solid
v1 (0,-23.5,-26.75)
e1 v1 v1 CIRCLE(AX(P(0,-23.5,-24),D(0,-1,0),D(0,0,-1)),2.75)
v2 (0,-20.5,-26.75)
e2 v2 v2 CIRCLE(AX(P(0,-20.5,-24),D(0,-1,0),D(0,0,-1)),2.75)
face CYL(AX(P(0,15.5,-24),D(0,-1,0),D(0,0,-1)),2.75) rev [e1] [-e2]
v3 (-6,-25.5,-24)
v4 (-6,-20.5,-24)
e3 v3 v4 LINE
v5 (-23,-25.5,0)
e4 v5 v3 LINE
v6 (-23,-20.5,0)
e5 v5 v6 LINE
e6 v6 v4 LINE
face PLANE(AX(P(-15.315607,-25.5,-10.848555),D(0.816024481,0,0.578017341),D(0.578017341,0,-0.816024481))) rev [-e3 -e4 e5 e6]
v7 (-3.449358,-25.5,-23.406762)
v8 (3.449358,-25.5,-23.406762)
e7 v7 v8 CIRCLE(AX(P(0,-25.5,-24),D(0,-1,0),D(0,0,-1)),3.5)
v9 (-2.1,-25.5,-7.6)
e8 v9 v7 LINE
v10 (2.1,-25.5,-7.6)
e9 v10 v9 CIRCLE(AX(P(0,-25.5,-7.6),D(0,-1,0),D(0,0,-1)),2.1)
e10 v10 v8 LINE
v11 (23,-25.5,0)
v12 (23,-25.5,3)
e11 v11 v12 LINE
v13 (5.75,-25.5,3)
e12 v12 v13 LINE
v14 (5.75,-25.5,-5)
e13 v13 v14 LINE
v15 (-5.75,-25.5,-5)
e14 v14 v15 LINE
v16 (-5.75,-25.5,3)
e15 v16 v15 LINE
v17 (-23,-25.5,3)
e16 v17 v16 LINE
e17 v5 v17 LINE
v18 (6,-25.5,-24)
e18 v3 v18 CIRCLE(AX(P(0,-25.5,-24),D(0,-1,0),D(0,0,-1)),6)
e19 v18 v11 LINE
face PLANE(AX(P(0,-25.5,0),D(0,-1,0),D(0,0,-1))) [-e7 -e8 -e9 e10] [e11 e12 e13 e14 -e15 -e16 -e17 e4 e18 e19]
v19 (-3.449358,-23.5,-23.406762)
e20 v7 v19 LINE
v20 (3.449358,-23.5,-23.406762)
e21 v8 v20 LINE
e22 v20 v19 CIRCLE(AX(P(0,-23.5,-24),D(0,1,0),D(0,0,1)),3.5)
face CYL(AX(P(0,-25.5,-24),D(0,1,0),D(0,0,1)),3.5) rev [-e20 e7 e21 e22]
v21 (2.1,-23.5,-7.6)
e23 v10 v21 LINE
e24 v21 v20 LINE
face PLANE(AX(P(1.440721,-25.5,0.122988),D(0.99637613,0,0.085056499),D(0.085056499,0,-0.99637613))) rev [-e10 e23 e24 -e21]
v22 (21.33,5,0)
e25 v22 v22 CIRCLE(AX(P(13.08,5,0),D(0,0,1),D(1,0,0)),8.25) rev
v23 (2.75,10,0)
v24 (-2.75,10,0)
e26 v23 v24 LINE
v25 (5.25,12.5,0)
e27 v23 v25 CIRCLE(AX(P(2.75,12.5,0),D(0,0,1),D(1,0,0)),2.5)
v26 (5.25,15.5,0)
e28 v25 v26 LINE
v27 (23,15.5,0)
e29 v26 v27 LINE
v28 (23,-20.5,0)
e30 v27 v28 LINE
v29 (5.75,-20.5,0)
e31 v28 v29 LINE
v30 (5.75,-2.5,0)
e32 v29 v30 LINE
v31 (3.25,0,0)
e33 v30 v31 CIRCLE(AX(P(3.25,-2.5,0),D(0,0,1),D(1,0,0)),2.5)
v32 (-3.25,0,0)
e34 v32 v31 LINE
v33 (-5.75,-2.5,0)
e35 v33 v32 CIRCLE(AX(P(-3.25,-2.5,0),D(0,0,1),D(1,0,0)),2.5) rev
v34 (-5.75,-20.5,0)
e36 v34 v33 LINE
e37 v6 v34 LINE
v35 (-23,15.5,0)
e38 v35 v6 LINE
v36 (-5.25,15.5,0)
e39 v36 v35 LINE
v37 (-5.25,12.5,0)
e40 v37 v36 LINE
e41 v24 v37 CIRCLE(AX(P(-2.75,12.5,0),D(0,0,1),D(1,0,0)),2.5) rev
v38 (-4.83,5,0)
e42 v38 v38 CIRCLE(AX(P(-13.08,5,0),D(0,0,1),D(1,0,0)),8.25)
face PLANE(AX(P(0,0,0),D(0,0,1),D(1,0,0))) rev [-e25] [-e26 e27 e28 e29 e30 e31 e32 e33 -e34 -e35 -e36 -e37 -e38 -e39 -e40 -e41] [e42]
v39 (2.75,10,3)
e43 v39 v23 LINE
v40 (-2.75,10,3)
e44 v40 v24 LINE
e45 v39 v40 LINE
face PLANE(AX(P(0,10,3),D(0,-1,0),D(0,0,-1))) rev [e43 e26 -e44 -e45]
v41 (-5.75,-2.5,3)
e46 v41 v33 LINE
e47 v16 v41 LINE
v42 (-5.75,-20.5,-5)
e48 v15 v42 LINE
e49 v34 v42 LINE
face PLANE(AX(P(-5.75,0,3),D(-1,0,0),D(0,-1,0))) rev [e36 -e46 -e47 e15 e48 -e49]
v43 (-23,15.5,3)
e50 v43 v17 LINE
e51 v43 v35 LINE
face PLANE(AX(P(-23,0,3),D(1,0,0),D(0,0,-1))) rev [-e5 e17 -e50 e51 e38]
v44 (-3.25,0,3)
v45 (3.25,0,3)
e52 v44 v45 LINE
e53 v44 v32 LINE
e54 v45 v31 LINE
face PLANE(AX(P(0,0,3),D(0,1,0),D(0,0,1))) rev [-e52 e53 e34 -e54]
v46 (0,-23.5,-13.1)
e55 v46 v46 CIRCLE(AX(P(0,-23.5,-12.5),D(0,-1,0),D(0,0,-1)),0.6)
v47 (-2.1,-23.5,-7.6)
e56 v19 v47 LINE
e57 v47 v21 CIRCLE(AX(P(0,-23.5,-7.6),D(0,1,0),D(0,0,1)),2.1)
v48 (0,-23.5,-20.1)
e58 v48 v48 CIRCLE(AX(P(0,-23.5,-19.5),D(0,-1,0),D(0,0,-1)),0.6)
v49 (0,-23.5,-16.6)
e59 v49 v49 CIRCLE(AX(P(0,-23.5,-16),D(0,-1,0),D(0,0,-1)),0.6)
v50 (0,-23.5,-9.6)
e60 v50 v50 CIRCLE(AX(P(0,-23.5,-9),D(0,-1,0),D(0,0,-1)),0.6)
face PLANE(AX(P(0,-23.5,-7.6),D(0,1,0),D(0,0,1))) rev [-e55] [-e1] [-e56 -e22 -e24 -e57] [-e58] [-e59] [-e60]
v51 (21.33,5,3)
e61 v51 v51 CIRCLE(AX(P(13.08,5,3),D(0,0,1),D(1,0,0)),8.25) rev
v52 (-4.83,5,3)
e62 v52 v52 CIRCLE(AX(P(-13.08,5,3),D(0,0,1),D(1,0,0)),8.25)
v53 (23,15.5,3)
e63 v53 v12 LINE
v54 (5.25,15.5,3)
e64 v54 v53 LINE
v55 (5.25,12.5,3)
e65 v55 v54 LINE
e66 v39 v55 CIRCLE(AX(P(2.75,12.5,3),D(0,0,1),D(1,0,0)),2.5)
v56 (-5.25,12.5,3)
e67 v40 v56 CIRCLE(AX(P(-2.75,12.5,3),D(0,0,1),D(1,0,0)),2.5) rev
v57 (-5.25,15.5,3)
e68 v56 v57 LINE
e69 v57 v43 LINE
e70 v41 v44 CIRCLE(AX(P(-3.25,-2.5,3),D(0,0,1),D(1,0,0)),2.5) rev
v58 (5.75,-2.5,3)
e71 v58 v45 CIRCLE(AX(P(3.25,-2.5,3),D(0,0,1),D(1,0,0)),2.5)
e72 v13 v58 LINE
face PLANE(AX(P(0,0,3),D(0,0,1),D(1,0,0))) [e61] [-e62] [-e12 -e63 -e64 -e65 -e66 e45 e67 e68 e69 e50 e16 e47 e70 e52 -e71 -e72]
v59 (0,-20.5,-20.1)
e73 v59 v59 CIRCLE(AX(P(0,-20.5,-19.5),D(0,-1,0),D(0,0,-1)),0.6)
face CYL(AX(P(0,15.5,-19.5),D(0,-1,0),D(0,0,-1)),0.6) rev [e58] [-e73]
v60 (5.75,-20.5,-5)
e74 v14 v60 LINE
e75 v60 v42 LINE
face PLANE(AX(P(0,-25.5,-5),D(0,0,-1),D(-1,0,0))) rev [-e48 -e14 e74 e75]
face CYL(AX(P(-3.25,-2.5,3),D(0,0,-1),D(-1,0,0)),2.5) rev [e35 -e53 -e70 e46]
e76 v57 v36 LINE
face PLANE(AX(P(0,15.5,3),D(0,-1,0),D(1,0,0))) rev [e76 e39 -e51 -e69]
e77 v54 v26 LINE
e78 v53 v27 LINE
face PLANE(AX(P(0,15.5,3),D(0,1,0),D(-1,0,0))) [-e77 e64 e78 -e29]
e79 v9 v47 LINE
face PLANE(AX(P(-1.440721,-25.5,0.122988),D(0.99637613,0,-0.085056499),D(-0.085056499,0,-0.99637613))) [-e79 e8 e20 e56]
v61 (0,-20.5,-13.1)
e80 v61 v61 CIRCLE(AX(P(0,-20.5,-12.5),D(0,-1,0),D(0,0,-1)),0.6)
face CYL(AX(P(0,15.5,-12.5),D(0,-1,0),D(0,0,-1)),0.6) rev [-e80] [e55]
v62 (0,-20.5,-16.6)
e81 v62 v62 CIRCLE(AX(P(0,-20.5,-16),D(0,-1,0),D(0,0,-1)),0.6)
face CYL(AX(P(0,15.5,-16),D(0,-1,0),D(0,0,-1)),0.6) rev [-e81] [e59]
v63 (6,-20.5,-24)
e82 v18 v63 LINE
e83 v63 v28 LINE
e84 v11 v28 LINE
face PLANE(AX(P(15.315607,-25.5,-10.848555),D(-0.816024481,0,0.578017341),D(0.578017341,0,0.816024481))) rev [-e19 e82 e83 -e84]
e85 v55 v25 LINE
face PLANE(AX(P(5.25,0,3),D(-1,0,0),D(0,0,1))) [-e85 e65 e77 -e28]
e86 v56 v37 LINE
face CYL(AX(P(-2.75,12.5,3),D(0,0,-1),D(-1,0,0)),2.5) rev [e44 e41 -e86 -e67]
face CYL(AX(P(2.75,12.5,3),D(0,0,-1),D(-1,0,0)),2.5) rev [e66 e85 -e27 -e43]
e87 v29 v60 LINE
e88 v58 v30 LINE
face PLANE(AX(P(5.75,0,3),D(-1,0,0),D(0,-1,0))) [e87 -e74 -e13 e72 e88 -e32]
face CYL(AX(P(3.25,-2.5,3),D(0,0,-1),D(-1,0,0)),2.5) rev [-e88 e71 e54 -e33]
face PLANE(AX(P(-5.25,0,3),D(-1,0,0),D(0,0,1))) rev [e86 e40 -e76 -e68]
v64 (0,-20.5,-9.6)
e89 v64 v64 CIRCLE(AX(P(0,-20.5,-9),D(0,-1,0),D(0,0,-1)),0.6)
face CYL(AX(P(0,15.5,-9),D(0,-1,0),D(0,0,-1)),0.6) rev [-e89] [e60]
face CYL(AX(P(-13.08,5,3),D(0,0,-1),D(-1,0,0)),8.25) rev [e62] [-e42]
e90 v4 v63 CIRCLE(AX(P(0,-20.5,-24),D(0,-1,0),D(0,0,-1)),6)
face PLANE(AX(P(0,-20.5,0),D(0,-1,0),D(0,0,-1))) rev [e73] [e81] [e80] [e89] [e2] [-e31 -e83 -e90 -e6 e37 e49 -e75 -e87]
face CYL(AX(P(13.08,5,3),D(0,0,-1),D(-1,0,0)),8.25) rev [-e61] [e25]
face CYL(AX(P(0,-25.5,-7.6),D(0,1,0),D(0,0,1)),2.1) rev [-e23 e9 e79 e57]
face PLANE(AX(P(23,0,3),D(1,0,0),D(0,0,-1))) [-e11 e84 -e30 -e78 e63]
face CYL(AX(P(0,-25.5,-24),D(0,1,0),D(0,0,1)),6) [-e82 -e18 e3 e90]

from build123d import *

# Parameters (mm, degrees)
SKETCH1_R           = 8.25
BOSS_EXTRUDE1_DEPTH = 3
SKETCH2_W           = 17.25
SKETCH2_H           = 3
BOSS_EXTRUDE2_DEPTH = 5
BOSS_EXTRUDE3_DEPTH = 3
SKETCH4_R           = 2.75
SKETCH4_R_2         = 0.6
CUT_EXTRUDE1_DEPTH  = 55.313902456


with BuildPart() as part:
    # Sketch1 → Boss-Extrude1 (new body)
    # profile 1 of 2: a face of its own
    with BuildSketch(Plane.XY):
        with BuildLine():
            Line((-3.25, 0), (0, 0))
            Line((0, 0), (0, 10))
            Line((0, 10), (-2.75, 10))
            ThreePointArc((-2.75, 10), (-4.517766953, 10.732233047), (-5.25, 12.5))
            Line((-5.25, 12.5), (-5.25, 15.5))
            Line((-5.25, 15.5), (-23, 15.5))
            Line((-23, 15.5), (-23, -20.5))
            Line((-23, -20.5), (-5.75, -20.5))
            Line((-5.75, -20.5), (-5.75, -2.5))
            ThreePointArc((-5.75, -2.5), (-5.017766953, -0.732233047), (-3.25, 0))
        make_face()
        with Locations((-13.08, 5)):
            Circle(SKETCH1_R, mode=Mode.SUBTRACT)
    # profile 2 of 2: a face of its own
    with BuildSketch(Plane.XY):
        with BuildLine():
            Line((0, 10), (0, 0))
            Line((0, 0), (3.25, 0))
            ThreePointArc((3.25, 0), (5.017766953, -0.732233047), (5.75, -2.5))
            Line((5.75, -2.5), (5.75, -20.5))
            Line((5.75, -20.5), (23, -20.5))
            Line((23, -20.5), (23, 15.5))
            Line((23, 15.5), (5.25, 15.5))
            Line((5.25, 15.5), (5.25, 12.5))
            ThreePointArc((5.25, 12.5), (4.517766953, 10.732233047), (2.75, 10))
            Line((2.75, 10), (0, 10))
        make_face()
        with Locations((13.08, 5)):
            Circle(SKETCH1_R, mode=Mode.SUBTRACT)
    extrude(amount=BOSS_EXTRUDE1_DEPTH)

    # Sketch2 → Boss-Extrude2 (add)
    # profile 1 of 2: a face of its own
    with BuildSketch(Plane.XZ.offset(20.5)):
        with BuildLine():
            Line((-23, 3), (-23, 0))
            Line((-23, 0), (-6, -24))
            ThreePointArc((-6, -24), (0, -30), (6, -24))
            Line((6, -24), (23, 0))
            Line((23, 0), (5.75, 0))
            Line((5.75, 0), (5.75, -5))
            Line((5.75, -5), (-5.75, -5))
            Line((-5.75, -5), (-5.75, 3))
            Line((-5.75, 3), (-23, 3))
        make_face()
        with BuildLine():
            Line((-3.449357744, -23.406762144), (-2.1, -7.6))
            ThreePointArc((-2.1, -7.6), (0, -5.5), (2.1, -7.6))
            Line((2.1, -7.6), (3.449357744, -23.406762144))
            ThreePointArc((3.449357744, -23.406762144), (3.487316454, -23.702302254), (3.5, -24))
            ThreePointArc((3.5, -24), (0, -27.5), (-3.5, -24))
            ThreePointArc((-3.5, -24), (-3.487316454, -23.702302254), (-3.449357744, -23.406762144))
        make_face(mode=Mode.SUBTRACT)
    # profile 2 of 2: a face of its own
    with BuildSketch(Plane.XZ.offset(20.5)):
        with Locations((14.375, 1.5)):
            Rectangle(SKETCH2_W, SKETCH2_H)
    extrude(amount=BOSS_EXTRUDE2_DEPTH)

    # Sketch3 → Boss-Extrude3 (add)
    with BuildSketch(Plane(origin=(0, -20.5, 0), x_dir=(1, 0, 0), z_dir=(0, 1, 0))):
        with BuildLine():
            Line((2.1, 7.6), (3.449357744, 23.406762144))
            ThreePointArc((3.449357744, 23.406762144), (0, 27.5), (-3.449357744, 23.406762144))
            Line((-3.449357744, 23.406762144), (-2.1, 7.6))
            ThreePointArc((-2.1, 7.6), (0, 5.5), (2.1, 7.6))
        make_face()
    extrude(amount=-BOSS_EXTRUDE3_DEPTH)

    # Sketch4 → Cut-Extrude1 (cut, through all)
    with BuildSketch(Plane.XZ.offset(23.5)):
        with Locations(Location((0, -24, 0), (0, 0, 270))):
            Circle(SKETCH4_R)
        with Locations(Location((0, -19.5, 0), (0, 0, 270))):
            Circle(SKETCH4_R_2)
        with Locations(Location((0, -16, 0), (0, 0, 270))):
            Circle(SKETCH4_R_2)
        with Locations(Location((0, -12.5, 0), (0, 0, 270))):
            Circle(SKETCH4_R_2)
        with Locations(Location((0, -9, 0), (0, 0, 270))):
            Circle(SKETCH4_R_2)
    extrude(amount=-CUT_EXTRUDE1_DEPTH, mode=Mode.SUBTRACT)


solid = part.part
